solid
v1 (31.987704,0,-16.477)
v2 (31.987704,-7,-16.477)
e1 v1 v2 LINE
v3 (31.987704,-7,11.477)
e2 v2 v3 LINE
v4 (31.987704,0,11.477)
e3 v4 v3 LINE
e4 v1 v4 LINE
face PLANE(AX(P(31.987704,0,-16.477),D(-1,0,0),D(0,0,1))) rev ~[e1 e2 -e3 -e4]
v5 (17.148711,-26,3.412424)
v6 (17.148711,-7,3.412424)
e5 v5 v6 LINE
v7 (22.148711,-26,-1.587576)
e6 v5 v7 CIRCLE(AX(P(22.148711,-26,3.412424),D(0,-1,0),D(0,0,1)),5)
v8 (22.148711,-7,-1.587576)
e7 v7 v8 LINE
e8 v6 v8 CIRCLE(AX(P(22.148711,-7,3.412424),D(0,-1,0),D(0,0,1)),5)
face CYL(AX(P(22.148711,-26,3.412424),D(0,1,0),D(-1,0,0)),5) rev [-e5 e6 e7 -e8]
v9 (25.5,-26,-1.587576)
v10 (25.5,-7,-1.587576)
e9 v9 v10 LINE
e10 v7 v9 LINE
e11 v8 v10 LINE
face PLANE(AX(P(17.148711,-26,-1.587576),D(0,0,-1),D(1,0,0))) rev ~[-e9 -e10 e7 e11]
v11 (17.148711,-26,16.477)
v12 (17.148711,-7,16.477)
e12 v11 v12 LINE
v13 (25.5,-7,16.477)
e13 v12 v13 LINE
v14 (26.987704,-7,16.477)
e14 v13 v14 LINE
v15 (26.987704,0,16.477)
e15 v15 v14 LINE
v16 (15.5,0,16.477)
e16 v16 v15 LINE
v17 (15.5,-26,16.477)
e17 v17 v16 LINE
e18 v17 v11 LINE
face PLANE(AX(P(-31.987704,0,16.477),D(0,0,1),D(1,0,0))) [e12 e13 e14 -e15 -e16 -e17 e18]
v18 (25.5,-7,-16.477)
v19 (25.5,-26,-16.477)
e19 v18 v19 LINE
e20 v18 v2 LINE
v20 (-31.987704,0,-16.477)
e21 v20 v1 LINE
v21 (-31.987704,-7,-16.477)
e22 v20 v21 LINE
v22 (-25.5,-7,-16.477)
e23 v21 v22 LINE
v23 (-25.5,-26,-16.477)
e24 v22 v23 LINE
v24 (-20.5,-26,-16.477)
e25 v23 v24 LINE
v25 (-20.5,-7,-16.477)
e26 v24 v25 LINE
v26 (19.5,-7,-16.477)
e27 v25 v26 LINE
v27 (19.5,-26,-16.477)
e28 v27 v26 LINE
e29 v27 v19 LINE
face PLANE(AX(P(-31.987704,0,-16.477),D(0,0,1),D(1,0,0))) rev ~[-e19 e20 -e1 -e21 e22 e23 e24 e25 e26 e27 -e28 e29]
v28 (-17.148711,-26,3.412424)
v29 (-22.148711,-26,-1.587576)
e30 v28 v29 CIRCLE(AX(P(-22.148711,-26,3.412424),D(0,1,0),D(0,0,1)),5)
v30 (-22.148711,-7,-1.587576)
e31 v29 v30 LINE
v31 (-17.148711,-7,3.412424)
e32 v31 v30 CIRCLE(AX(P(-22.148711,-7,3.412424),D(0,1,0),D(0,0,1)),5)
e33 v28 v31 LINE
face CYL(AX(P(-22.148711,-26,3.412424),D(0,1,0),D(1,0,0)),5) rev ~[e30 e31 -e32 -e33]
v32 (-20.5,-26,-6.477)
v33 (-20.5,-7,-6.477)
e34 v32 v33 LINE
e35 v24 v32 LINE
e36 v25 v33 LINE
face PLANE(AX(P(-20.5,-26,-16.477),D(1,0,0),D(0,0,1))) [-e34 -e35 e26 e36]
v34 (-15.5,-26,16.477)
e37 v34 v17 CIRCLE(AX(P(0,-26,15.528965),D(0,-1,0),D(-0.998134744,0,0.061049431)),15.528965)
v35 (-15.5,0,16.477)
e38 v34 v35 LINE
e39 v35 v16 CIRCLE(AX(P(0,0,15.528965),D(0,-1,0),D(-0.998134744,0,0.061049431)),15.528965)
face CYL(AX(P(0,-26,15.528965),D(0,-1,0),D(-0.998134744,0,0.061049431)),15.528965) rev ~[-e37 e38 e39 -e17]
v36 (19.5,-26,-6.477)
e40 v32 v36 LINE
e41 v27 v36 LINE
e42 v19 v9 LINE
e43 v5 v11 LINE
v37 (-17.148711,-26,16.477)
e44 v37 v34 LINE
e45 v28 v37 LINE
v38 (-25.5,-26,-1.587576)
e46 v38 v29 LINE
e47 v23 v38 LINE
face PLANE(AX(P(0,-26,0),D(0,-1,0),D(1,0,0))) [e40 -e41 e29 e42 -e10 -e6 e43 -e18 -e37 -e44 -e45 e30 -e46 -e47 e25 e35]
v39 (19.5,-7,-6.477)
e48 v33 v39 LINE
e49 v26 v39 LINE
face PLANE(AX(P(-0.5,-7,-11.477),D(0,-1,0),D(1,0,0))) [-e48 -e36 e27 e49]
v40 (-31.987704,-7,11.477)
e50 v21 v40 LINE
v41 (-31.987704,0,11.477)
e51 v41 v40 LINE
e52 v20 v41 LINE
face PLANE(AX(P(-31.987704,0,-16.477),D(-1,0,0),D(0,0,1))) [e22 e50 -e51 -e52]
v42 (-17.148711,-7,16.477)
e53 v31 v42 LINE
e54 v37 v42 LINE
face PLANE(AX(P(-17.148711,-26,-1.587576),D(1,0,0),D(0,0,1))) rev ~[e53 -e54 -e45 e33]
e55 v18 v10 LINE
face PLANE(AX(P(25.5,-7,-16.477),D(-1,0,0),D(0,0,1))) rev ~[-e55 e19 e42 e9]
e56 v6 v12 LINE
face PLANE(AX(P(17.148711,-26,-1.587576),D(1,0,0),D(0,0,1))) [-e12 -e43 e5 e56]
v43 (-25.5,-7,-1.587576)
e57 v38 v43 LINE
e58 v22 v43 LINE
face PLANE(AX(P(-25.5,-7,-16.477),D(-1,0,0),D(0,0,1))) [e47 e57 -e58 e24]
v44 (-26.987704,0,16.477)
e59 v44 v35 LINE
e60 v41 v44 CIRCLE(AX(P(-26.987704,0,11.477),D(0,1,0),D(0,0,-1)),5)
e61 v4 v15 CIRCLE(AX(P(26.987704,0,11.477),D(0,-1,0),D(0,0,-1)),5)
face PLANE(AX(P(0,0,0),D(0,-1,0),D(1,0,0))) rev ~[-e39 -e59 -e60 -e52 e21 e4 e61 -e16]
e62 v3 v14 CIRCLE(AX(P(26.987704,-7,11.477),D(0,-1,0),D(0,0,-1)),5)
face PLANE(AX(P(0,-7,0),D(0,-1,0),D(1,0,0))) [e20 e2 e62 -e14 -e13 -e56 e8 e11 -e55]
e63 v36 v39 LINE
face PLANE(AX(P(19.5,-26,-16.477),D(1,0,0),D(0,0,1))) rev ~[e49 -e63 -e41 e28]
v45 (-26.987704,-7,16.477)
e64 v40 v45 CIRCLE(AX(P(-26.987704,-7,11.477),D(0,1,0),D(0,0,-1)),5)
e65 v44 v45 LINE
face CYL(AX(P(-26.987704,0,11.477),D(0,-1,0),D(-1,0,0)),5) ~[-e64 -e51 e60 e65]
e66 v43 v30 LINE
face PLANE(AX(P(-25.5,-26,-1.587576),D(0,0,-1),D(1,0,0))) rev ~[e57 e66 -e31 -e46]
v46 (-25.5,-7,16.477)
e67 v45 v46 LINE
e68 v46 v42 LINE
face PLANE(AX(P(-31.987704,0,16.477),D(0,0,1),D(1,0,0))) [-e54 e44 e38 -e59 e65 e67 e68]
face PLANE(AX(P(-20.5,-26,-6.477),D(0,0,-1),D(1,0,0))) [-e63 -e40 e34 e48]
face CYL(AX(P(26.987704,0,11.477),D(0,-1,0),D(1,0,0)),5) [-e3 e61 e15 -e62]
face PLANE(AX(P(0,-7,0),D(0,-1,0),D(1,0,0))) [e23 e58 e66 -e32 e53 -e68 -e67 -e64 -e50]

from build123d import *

# Parameters (mm, degrees)
F0_W      = 63.9754086733
F0_H      = 32.954
F1_DEPTH  = 7
F2_W      = 51
F2_H      = 32.954
F3_DEPTH  = 19
F4_W      = 40
F4_H      = 10
F5_DEPTH  = 19
F7_DEPTH  = 47.2
F8_R      = 5
F9_W      = 8.3512892127
F9_H      = 18.0645763493
F10_DEPTH = 19
F11_R     = 5


with BuildPart() as f1:
    # F0 (on Front) → F1 (new body)
    with BuildSketch(Plane.XZ):
        Rectangle(F0_W, F0_H)
    extrude(amount=F1_DEPTH)

    # F2 (on face) → F3 (join)
    with BuildSketch(Plane.XZ.offset(7)):
        Rectangle(F2_W, F2_H)
    extrude(amount=F3_DEPTH)

    # F4 (on face) → F5 (cut)
    with BuildSketch(Plane.XZ.offset(26)):
        with Locations((-0.5, -11.477)):
            Rectangle(F4_W, F4_H)
    extrude(amount=-F5_DEPTH, mode=Mode.SUBTRACT)

    # F6 (on face) → F7 (cut)
    with BuildSketch(Plane.XZ.offset(26)):
        with BuildLine():
            Line((15.5, 16.477), (-15.5, 16.477))
            ThreePointArc((-15.5, 16.477), (0, 0), (15.5, 16.477))
        make_face()
    extrude(amount=-F7_DEPTH, mode=Mode.SUBTRACT)

    # F8
    f8_edges = [f1.edges().sort_by_distance(p)[0] for p in [
        (31.987704, -3.5, 16.477),
        (-31.987704, -3.5, 16.477),
    ]]
    fillet(f8_edges, radius=F8_R)

    # F9 (on face) → F10 (cut)
    with BuildSketch(Plane.XZ.offset(26)):
        with Locations((-21.3243553936, 7.4447118254)):
            Rectangle(F9_W, F9_H)
        with Locations((21.3243553936, 7.4447118254)):
            Rectangle(F9_W, F9_H)
    extrude(amount=-F10_DEPTH, mode=Mode.SUBTRACT)

    # F11
    f11_edges = [f1.edges().sort_by_distance(p)[0] for p in [
        (-17.148711, -16.5, -1.587576),
        (17.148711, -16.5, -1.587576),
    ]]
    fillet(f11_edges, radius=F11_R)


solid = f1.part
